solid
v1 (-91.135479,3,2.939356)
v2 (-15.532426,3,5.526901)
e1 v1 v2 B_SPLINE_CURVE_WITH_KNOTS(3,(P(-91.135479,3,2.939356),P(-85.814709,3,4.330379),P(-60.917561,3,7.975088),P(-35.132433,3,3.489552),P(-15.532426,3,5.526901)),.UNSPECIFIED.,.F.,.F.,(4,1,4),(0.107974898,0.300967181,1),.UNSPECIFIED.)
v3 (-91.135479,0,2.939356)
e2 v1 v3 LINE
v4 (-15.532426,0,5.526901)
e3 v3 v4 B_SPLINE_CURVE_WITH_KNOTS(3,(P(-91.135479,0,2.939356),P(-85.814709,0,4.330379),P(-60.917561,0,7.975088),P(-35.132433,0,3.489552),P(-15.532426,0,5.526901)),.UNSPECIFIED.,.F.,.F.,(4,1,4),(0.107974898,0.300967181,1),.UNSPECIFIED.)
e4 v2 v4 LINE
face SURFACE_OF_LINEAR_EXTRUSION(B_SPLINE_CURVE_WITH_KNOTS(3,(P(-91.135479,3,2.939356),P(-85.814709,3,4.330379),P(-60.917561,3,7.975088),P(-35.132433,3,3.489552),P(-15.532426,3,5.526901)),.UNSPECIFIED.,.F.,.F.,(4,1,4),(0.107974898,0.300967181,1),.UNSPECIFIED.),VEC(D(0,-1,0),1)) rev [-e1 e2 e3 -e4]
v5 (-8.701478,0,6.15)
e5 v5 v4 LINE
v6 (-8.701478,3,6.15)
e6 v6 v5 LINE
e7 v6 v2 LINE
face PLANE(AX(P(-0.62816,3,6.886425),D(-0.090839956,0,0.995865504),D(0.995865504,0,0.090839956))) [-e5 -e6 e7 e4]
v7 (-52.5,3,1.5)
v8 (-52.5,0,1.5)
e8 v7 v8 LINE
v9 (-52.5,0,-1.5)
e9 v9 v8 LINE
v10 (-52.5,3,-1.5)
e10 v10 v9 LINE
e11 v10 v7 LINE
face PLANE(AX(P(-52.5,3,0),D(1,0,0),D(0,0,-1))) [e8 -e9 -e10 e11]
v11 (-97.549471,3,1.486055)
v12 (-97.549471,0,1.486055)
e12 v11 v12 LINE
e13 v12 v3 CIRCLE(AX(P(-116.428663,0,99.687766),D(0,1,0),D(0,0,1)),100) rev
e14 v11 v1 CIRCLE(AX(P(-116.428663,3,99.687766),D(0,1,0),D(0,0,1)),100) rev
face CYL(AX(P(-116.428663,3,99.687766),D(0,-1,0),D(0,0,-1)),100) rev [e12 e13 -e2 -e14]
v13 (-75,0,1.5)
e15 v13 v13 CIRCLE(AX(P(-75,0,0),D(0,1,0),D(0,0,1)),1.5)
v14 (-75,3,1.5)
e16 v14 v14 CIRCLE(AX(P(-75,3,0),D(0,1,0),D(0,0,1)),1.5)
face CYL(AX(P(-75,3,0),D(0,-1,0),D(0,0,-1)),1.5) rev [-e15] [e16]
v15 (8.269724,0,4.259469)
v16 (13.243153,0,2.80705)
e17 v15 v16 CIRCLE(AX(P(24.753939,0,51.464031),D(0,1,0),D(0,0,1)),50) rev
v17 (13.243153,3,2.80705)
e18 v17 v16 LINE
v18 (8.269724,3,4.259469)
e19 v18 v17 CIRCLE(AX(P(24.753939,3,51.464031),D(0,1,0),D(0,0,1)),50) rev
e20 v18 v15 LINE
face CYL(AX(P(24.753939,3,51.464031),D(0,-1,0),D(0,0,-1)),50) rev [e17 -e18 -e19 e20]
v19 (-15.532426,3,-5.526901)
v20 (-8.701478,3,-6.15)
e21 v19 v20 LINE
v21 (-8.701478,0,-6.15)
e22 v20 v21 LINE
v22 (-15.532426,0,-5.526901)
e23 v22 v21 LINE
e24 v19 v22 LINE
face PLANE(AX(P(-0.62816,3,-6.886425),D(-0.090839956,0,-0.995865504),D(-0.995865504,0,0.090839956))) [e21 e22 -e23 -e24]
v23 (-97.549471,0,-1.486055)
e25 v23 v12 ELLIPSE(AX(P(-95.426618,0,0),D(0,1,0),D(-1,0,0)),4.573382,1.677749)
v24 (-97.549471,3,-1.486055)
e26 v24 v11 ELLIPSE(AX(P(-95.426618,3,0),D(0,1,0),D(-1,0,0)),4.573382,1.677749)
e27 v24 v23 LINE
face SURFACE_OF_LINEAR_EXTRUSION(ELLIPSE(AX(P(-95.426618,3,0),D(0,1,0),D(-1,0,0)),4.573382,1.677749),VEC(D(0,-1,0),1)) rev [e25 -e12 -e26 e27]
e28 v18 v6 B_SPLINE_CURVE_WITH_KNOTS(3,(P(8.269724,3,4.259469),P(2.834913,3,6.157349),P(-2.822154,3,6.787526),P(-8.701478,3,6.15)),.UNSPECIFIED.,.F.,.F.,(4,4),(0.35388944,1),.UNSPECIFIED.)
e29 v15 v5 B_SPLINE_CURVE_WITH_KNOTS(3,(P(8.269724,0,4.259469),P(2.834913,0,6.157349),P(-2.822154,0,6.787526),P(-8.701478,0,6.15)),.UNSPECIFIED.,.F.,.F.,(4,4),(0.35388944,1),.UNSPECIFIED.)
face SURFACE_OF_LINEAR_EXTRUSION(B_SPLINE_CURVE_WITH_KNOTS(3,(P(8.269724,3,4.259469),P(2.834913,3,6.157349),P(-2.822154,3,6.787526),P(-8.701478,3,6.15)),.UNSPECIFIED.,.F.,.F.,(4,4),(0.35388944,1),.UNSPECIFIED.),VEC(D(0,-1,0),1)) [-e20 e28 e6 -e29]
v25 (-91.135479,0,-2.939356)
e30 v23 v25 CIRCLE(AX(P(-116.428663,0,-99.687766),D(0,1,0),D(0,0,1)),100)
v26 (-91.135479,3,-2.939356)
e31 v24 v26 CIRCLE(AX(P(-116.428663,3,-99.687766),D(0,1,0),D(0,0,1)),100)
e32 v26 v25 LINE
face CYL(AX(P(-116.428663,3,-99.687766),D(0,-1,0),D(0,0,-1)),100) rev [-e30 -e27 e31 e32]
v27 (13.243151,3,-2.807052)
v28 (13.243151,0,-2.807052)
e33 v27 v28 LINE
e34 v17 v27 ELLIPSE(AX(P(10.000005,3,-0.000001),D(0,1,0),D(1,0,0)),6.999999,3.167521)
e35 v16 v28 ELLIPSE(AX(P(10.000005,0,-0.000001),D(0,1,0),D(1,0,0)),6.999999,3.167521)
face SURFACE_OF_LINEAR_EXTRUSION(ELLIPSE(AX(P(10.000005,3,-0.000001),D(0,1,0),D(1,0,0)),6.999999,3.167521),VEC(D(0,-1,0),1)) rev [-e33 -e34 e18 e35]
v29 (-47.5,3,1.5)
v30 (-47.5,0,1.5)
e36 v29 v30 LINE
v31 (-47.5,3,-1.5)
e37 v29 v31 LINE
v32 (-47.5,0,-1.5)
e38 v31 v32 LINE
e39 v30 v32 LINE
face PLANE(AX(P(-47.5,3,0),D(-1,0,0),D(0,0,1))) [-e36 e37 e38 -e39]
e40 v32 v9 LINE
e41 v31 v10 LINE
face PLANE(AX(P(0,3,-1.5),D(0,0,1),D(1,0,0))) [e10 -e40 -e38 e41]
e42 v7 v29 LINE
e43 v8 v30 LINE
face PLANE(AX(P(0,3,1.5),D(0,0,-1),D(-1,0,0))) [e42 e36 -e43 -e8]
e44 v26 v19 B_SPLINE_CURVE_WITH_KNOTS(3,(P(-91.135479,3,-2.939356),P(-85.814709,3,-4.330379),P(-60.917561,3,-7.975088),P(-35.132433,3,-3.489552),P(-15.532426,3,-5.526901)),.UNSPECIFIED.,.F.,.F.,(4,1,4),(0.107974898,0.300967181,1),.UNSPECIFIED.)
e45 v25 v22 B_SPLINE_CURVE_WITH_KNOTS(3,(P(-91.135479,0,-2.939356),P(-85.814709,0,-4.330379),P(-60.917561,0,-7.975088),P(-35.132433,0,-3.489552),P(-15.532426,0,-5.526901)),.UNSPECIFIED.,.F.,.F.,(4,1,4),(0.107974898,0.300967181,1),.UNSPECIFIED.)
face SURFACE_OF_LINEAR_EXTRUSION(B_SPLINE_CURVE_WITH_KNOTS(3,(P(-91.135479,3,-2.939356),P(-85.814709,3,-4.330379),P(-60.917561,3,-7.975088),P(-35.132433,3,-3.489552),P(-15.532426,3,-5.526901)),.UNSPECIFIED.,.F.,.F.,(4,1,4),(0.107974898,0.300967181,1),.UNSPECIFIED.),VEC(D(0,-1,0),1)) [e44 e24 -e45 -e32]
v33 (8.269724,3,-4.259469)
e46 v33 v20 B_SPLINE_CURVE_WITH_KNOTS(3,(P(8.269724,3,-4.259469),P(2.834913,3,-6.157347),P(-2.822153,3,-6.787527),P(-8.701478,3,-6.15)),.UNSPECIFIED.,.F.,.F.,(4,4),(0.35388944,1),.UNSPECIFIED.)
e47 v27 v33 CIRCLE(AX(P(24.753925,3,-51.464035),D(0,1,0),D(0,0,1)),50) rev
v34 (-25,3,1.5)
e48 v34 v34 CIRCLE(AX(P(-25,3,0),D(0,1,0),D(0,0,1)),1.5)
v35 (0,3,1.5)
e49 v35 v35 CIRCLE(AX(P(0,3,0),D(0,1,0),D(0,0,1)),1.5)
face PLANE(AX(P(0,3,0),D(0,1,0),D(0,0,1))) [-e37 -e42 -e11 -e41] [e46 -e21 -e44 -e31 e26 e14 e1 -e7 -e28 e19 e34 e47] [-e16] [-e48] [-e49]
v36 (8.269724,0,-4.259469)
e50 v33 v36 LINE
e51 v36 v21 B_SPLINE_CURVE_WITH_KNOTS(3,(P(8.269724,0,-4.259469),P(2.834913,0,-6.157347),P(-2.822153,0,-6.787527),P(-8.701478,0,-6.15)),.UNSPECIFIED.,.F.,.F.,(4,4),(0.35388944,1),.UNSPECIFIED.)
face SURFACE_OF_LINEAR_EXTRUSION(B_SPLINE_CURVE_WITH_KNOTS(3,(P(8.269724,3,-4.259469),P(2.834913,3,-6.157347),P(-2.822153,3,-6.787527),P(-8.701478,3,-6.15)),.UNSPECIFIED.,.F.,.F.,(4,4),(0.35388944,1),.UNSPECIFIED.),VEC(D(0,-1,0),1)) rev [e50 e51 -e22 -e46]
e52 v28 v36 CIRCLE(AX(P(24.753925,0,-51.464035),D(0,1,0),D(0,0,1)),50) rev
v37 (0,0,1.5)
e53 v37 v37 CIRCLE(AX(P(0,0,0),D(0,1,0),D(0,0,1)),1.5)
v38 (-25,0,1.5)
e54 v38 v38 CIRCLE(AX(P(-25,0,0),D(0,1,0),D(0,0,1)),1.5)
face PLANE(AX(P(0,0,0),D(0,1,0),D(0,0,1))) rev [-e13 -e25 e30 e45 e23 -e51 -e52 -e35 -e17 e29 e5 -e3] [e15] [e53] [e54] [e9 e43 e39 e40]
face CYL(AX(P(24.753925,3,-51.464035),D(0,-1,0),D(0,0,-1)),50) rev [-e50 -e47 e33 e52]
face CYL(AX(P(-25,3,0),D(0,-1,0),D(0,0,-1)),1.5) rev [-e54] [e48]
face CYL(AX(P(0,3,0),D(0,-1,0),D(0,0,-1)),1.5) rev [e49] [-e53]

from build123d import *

# Parameters (mm, degrees)
ESBO_O1_R                = 1.5
ESBO_O1_W                = 5
ESBO_O1_H                = 3
RESSALTO_EXTRUS_O1_DEPTH = 3


with BuildPart() as part:
    # Esboço1 → Ressalto-extrusão1 (new body)
    with BuildSketch(Plane(origin=(0, 0, 0), x_dir=(1, 0, 0), z_dir=(0, 1, 0))):
        with BuildLine():
            Line((-15.5324261, 5.526900759), (-8.701477822, 6.15))
            add(Edge.make_bspline(
                [(8.269723742, 4.259468977), (2.834912713, 6.157347241), (-2.82215339, 6.787527354), (-8.701477822, 6.15)],
                knots=[0.35388944, 0.35388944, 0.35388944, 0.35388944, 1, 1, 1, 1], degree=3))
            ThreePointArc((8.269723742, 4.259468977), (10.737611567, 3.46879666), (13.24315076, 2.807051708))
            add(Edge.make_bspline(
                [(13.243153259, -2.80704963), (25.10877849, 2.12e-06), (13.24315076, 2.807051708)],
                knots=[5.194112275, 5.194112275, 5.194112275, 7.372258742, 7.372258742, 7.372258742], degree=2, weights=[1, 0.463306864, 1]))
            ThreePointArc((13.243153259, -2.80704963), (10.737612779, -3.468795552), (8.269723742, -4.259468977))
            add(Edge.make_bspline(
                [(8.269723742, -4.259468977), (2.834913243, -6.15734876), (-2.822153925, -6.787525817), (-8.701477822, -6.15)],
                knots=[0.35388944, 0.35388944, 0.35388944, 0.35388944, 1, 1, 1, 1], degree=3))
            Line((-8.701477822, -6.15), (-15.5324261, -5.526900759))
            add(Edge.make_bspline(
                [(-91.135478662, -2.939356415), (-85.814709071, -4.330378827), (-60.917561227, -7.97508816), (-35.132432713, -3.48955228), (-15.5324261, -5.526900759)],
                knots=[0.107974898, 0.107974898, 0.107974898, 0.107974898, 0.300967181, 1, 1, 1, 1], degree=3))
            ThreePointArc((-91.135478662, -2.939356415), (-94.330524557, -2.159963767), (-97.549471293, -1.486054958))
            add(Edge.make_bspline(
                [(-97.549471293, 1.486054958), (-105.279311729, 0), (-97.549471293, -1.486054958)],
                knots=[5.195092838, 5.195092838, 5.195092838, 7.371277776, 7.371277776, 7.371277776], degree=2, weights=[1, 0.464175793, 1]))
            ThreePointArc((-97.549471293, 1.486054958), (-94.330524557, 2.159963767), (-91.135478662, 2.939356415))
            add(Edge.make_bspline(
                [(-91.135478662, 2.939356415), (-85.814709071, 4.330378827), (-60.917561227, 7.97508816), (-35.132432713, 3.48955228), (-15.5324261, 5.526900759)],
                knots=[0.107974898, 0.107974898, 0.107974898, 0.107974898, 0.300967181, 1, 1, 1, 1], degree=3))
        make_face()
        Circle(ESBO_O1_R, mode=Mode.SUBTRACT)
        with Locations((-75, 0)):
            Circle(ESBO_O1_R, mode=Mode.SUBTRACT)
        with Locations((-25, 0)):
            Circle(ESBO_O1_R, mode=Mode.SUBTRACT)
        with Locations((-50, 0)):
            Rectangle(ESBO_O1_W, ESBO_O1_H, mode=Mode.SUBTRACT)
    extrude(amount=RESSALTO_EXTRUS_O1_DEPTH)


solid = part.part
